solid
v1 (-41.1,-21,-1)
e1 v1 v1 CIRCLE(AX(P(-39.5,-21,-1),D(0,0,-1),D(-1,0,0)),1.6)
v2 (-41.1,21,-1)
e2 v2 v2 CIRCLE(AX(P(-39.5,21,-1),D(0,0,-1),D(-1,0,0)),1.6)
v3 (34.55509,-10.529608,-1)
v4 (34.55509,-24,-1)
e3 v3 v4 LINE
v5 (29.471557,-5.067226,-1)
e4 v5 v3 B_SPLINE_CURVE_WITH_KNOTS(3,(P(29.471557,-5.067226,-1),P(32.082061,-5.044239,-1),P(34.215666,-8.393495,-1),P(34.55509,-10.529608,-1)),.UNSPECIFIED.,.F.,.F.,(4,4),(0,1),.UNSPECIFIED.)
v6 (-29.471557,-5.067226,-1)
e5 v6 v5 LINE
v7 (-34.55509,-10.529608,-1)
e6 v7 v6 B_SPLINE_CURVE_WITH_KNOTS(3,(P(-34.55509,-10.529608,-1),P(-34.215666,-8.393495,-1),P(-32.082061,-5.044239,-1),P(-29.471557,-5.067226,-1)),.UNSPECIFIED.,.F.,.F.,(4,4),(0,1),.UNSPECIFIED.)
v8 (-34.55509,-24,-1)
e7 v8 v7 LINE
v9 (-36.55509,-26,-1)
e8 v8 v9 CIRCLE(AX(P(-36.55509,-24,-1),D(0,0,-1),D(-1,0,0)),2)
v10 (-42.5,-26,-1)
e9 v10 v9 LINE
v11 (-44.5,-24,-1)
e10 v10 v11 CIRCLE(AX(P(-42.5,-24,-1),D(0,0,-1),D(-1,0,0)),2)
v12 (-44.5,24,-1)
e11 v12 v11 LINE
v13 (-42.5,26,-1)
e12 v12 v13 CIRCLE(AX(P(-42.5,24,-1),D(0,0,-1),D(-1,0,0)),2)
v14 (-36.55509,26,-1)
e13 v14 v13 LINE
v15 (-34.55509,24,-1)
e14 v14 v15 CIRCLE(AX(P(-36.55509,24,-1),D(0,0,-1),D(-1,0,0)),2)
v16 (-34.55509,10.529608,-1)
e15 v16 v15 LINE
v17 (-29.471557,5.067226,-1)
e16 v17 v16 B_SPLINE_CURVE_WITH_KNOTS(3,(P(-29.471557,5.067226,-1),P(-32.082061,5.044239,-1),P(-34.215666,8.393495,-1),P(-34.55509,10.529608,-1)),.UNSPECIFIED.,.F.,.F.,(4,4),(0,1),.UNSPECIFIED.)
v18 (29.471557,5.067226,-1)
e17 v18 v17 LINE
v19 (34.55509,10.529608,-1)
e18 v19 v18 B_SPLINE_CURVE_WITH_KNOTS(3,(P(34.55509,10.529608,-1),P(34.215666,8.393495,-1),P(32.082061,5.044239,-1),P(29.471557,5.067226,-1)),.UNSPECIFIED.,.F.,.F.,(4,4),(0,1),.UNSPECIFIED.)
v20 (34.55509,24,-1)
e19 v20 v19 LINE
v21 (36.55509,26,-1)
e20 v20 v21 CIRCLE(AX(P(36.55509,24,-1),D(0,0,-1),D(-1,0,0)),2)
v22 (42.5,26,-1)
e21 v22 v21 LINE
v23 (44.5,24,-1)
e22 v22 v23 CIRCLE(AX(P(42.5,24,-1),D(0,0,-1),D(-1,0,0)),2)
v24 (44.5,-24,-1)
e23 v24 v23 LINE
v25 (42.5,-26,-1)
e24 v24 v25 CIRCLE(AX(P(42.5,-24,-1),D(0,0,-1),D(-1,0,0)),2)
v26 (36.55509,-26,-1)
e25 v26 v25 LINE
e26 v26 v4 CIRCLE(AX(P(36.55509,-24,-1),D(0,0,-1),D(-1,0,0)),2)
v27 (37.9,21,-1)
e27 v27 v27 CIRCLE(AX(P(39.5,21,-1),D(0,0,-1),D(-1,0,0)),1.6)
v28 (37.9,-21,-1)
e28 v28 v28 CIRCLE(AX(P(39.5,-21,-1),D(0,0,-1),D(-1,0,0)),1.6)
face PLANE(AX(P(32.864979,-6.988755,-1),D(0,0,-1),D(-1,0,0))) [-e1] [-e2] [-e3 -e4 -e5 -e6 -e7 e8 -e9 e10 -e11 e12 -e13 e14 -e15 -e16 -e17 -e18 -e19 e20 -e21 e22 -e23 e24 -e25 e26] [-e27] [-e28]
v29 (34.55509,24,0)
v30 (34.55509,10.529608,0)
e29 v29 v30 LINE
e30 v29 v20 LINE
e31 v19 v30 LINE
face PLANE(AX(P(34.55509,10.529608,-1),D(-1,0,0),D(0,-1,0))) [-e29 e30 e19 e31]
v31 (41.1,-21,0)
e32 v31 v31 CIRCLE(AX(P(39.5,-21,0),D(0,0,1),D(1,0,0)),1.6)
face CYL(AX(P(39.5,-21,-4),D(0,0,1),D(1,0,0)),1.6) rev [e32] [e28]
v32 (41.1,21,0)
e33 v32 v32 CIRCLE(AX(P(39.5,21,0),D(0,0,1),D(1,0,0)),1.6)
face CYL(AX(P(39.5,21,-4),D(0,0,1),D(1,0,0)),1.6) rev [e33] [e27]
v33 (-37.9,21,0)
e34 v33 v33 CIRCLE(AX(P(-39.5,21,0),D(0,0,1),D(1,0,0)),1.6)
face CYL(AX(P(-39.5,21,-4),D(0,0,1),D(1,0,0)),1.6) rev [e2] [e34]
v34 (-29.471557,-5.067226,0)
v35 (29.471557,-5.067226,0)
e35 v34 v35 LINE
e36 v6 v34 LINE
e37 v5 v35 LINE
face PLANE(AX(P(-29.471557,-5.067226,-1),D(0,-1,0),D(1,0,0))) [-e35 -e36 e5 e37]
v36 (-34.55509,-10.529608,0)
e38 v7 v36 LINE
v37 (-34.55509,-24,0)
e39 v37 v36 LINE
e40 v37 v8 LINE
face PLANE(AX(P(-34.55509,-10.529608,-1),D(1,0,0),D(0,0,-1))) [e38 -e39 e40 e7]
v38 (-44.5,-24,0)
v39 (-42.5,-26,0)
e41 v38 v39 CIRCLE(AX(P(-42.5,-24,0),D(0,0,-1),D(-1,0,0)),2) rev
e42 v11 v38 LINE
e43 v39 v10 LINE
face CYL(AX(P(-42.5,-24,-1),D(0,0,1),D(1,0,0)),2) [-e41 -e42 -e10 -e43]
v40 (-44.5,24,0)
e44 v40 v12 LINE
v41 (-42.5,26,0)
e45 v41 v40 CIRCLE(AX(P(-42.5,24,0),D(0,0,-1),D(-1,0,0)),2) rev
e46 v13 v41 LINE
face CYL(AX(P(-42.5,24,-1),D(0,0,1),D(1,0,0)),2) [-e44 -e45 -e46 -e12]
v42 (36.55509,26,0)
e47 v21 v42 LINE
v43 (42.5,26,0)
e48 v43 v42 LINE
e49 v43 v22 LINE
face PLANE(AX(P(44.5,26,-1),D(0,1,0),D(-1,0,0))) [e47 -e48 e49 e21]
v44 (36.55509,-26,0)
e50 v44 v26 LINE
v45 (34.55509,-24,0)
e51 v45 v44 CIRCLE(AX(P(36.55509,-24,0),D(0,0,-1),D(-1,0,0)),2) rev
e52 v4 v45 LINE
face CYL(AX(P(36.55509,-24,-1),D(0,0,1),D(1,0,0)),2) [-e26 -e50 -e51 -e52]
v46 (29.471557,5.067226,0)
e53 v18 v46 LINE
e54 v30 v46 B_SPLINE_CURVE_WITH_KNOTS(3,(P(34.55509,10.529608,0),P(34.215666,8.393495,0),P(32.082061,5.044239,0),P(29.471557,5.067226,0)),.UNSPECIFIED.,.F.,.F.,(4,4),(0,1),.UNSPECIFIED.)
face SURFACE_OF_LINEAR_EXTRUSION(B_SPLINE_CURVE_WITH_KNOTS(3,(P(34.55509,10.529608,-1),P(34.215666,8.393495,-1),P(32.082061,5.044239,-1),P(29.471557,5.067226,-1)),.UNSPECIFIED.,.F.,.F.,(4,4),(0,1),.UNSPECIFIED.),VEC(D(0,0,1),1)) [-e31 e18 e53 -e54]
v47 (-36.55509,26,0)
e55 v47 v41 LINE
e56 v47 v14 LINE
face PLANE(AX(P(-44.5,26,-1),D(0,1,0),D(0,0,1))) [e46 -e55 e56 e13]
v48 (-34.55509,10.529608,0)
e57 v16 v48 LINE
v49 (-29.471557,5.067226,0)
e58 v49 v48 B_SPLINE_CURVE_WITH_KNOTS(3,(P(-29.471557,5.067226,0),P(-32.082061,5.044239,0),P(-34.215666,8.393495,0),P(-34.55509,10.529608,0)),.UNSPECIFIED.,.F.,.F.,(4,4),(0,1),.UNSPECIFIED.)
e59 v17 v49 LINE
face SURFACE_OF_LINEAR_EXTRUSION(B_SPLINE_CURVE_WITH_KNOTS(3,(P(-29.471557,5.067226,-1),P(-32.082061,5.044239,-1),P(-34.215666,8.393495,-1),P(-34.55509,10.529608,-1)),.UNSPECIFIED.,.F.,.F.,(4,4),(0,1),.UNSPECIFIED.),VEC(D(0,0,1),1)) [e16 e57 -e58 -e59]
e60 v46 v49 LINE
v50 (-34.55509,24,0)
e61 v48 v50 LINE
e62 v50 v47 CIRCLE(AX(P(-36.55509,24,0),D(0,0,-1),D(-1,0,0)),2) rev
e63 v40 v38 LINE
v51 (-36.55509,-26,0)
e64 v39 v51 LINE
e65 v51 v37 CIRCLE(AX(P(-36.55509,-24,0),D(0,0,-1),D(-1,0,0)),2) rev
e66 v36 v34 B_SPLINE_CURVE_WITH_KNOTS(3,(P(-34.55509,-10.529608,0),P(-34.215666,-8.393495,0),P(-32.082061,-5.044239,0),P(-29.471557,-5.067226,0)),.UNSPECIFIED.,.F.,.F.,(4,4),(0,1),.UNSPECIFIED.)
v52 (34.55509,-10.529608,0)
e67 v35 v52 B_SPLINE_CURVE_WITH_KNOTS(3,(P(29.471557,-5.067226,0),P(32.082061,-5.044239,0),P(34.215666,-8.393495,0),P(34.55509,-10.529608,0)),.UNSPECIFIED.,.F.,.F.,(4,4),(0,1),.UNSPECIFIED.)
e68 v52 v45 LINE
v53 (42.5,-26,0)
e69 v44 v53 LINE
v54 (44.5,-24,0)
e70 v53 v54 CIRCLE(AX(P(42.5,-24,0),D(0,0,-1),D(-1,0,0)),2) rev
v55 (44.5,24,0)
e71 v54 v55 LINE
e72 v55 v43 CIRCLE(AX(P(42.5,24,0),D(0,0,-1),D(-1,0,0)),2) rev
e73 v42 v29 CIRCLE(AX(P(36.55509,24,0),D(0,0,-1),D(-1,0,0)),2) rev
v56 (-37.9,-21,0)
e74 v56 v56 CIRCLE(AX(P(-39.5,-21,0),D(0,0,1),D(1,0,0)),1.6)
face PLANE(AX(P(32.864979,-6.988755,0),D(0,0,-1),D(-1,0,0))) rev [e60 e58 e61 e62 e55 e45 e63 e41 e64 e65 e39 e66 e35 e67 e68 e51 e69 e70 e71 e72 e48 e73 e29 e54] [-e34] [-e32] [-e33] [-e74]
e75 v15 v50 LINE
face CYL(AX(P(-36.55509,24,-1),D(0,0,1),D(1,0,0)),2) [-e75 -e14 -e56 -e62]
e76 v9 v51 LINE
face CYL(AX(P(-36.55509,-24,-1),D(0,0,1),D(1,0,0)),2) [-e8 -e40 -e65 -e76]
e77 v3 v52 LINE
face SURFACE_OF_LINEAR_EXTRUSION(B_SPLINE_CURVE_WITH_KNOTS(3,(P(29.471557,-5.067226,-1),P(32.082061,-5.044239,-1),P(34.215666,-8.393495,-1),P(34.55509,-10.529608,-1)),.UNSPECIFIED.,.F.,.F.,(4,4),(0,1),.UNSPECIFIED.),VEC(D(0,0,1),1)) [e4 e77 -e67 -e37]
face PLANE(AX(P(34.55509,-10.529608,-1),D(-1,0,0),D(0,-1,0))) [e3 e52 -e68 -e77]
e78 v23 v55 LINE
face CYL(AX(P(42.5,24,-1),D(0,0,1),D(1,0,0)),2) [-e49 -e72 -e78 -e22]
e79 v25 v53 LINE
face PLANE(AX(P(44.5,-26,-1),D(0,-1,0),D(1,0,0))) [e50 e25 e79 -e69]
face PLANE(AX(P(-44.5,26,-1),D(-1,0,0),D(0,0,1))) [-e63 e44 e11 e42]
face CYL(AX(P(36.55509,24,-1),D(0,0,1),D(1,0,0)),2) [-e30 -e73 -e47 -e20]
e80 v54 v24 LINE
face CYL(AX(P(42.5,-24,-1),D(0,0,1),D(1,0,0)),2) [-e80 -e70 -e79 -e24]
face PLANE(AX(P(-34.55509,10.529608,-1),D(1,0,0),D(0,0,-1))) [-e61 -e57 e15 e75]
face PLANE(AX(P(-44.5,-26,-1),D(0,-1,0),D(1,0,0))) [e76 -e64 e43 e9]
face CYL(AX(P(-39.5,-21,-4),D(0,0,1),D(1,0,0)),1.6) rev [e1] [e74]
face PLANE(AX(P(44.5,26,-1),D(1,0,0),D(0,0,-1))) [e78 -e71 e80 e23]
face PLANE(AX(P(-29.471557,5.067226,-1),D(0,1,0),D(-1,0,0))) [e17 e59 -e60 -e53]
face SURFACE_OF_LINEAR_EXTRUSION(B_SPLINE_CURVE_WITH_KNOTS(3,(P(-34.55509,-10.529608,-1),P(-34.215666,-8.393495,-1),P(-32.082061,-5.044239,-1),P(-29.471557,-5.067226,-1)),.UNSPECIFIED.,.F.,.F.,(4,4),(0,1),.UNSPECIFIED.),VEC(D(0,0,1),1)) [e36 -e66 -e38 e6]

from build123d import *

# Parameters (mm, degrees)
EXTRUDE_1_DEPTH     = 1
SKETCH_2_R          = 1.6
CUT_EXTRUDE_1_DEPTH = 4
FILLET_3_R          = 2
FILLET_4_R          = 2
FILLET_5_R          = 2
FILLET_6_R          = 2
FILLET_7_R          = 2
FILLET_8_R          = 2
FILLET_9_R          = 2
FILLET_10_R         = 2


with BuildPart() as part:
    # 草图1 → 凸台-拉伸1 (new body)
    with BuildSketch(Plane.XY):
        with BuildLine():
            Line((-34.555089852, 10.529608301), (-34.555089852, 26))
            Line((-34.555089852, 26), (-44.5, 26))
            Line((-44.5, 26), (-44.5, -26))
            Line((-44.5, -26), (-34.555089852, -26))
            Line((-34.555089852, -26), (-34.555089852, -10.529608301))
            add(Edge.make_bspline(
                [(-34.555089852, -10.529608301), (-34.215666053, -8.393494982), (-32.082061244, -5.04423915), (-29.471557065, -5.067226444)],
                knots=[0, 0, 0, 0, 1, 1, 1, 1], degree=3))
            Line((-29.471557065, -5.067226444), (29.471557065, -5.067226444))
            add(Edge.make_bspline(
                [(34.555089852, -10.529608301), (34.215666053, -8.393494982), (32.082061244, -5.04423915), (29.471557065, -5.067226444)],
                knots=[0, 0, 0, 0, 1, 1, 1, 1], degree=3))
            Line((34.555089852, -10.529608301), (34.555089852, -26))
            Line((34.555089852, -26), (44.5, -26))
            Line((44.5, -26), (44.5, 26))
            Line((44.5, 26), (34.555089852, 26))
            Line((34.555089852, 26), (34.555089852, 10.529608301))
            add(Edge.make_bspline(
                [(34.555089852, 10.529608301), (34.215666053, 8.393494982), (32.082061244, 5.04423915), (29.471557065, 5.067226444)],
                knots=[0, 0, 0, 0, 1, 1, 1, 1], degree=3))
            Line((29.471557065, 5.067226444), (-29.471557065, 5.067226444))
            add(Edge.make_bspline(
                [(-34.555089852, 10.529608301), (-34.215666053, 8.393494982), (-32.082061244, 5.04423915), (-29.471557065, 5.067226444)],
                knots=[0, 0, 0, 0, 1, 1, 1, 1], degree=3))
        make_face()
    extrude(amount=-EXTRUDE_1_DEPTH)

    # 草图2 → 切除-拉伸1 (cut)
    with BuildSketch(Plane.XY):
        with Locations((-39.5, 21)):
            Circle(SKETCH_2_R)
        with Locations((39.5, 21)):
            Circle(SKETCH_2_R)
        with Locations((-39.5, -21)):
            Circle(SKETCH_2_R)
        with Locations((39.5, -21)):
            Circle(SKETCH_2_R)
    extrude(amount=-CUT_EXTRUDE_1_DEPTH, mode=Mode.SUBTRACT)

    # 圆角3
    fillet_3_edges = [part.edges().sort_by_distance(p)[0] for p in [
        (-44.5, 26, -0.5),
    ]]
    fillet(fillet_3_edges, radius=FILLET_3_R)

    # 圆角4
    fillet_4_edges = [part.edges().sort_by_distance(p)[0] for p in [
        (-34.555089852, 26, -0.5),
    ]]
    fillet(fillet_4_edges, radius=FILLET_4_R)

    # 圆角5
    fillet_5_edges = [part.edges().sort_by_distance(p)[0] for p in [
        (-44.5, -26, -0.5),
    ]]
    fillet(fillet_5_edges, radius=FILLET_5_R)

    # 圆角6
    fillet_6_edges = [part.edges().sort_by_distance(p)[0] for p in [
        (-34.555089852, -26, -0.5),
    ]]
    fillet(fillet_6_edges, radius=FILLET_6_R)

    # 圆角7
    fillet_7_edges = [part.edges().sort_by_distance(p)[0] for p in [
        (34.555089852, -26, -0.5),
    ]]
    fillet(fillet_7_edges, radius=FILLET_7_R)

    # 圆角8
    fillet_8_edges = [part.edges().sort_by_distance(p)[0] for p in [
        (44.5, -26, -0.5),
    ]]
    fillet(fillet_8_edges, radius=FILLET_8_R)

    # 圆角9
    fillet_9_edges = [part.edges().sort_by_distance(p)[0] for p in [
        (34.555089852, 26, -0.5),
    ]]
    fillet(fillet_9_edges, radius=FILLET_9_R)

    # 圆角10
    fillet_10_edges = [part.edges().sort_by_distance(p)[0] for p in [
        (44.5, 26, -0.5),
    ]]
    fillet(fillet_10_edges, radius=FILLET_10_R)


solid = part.part
